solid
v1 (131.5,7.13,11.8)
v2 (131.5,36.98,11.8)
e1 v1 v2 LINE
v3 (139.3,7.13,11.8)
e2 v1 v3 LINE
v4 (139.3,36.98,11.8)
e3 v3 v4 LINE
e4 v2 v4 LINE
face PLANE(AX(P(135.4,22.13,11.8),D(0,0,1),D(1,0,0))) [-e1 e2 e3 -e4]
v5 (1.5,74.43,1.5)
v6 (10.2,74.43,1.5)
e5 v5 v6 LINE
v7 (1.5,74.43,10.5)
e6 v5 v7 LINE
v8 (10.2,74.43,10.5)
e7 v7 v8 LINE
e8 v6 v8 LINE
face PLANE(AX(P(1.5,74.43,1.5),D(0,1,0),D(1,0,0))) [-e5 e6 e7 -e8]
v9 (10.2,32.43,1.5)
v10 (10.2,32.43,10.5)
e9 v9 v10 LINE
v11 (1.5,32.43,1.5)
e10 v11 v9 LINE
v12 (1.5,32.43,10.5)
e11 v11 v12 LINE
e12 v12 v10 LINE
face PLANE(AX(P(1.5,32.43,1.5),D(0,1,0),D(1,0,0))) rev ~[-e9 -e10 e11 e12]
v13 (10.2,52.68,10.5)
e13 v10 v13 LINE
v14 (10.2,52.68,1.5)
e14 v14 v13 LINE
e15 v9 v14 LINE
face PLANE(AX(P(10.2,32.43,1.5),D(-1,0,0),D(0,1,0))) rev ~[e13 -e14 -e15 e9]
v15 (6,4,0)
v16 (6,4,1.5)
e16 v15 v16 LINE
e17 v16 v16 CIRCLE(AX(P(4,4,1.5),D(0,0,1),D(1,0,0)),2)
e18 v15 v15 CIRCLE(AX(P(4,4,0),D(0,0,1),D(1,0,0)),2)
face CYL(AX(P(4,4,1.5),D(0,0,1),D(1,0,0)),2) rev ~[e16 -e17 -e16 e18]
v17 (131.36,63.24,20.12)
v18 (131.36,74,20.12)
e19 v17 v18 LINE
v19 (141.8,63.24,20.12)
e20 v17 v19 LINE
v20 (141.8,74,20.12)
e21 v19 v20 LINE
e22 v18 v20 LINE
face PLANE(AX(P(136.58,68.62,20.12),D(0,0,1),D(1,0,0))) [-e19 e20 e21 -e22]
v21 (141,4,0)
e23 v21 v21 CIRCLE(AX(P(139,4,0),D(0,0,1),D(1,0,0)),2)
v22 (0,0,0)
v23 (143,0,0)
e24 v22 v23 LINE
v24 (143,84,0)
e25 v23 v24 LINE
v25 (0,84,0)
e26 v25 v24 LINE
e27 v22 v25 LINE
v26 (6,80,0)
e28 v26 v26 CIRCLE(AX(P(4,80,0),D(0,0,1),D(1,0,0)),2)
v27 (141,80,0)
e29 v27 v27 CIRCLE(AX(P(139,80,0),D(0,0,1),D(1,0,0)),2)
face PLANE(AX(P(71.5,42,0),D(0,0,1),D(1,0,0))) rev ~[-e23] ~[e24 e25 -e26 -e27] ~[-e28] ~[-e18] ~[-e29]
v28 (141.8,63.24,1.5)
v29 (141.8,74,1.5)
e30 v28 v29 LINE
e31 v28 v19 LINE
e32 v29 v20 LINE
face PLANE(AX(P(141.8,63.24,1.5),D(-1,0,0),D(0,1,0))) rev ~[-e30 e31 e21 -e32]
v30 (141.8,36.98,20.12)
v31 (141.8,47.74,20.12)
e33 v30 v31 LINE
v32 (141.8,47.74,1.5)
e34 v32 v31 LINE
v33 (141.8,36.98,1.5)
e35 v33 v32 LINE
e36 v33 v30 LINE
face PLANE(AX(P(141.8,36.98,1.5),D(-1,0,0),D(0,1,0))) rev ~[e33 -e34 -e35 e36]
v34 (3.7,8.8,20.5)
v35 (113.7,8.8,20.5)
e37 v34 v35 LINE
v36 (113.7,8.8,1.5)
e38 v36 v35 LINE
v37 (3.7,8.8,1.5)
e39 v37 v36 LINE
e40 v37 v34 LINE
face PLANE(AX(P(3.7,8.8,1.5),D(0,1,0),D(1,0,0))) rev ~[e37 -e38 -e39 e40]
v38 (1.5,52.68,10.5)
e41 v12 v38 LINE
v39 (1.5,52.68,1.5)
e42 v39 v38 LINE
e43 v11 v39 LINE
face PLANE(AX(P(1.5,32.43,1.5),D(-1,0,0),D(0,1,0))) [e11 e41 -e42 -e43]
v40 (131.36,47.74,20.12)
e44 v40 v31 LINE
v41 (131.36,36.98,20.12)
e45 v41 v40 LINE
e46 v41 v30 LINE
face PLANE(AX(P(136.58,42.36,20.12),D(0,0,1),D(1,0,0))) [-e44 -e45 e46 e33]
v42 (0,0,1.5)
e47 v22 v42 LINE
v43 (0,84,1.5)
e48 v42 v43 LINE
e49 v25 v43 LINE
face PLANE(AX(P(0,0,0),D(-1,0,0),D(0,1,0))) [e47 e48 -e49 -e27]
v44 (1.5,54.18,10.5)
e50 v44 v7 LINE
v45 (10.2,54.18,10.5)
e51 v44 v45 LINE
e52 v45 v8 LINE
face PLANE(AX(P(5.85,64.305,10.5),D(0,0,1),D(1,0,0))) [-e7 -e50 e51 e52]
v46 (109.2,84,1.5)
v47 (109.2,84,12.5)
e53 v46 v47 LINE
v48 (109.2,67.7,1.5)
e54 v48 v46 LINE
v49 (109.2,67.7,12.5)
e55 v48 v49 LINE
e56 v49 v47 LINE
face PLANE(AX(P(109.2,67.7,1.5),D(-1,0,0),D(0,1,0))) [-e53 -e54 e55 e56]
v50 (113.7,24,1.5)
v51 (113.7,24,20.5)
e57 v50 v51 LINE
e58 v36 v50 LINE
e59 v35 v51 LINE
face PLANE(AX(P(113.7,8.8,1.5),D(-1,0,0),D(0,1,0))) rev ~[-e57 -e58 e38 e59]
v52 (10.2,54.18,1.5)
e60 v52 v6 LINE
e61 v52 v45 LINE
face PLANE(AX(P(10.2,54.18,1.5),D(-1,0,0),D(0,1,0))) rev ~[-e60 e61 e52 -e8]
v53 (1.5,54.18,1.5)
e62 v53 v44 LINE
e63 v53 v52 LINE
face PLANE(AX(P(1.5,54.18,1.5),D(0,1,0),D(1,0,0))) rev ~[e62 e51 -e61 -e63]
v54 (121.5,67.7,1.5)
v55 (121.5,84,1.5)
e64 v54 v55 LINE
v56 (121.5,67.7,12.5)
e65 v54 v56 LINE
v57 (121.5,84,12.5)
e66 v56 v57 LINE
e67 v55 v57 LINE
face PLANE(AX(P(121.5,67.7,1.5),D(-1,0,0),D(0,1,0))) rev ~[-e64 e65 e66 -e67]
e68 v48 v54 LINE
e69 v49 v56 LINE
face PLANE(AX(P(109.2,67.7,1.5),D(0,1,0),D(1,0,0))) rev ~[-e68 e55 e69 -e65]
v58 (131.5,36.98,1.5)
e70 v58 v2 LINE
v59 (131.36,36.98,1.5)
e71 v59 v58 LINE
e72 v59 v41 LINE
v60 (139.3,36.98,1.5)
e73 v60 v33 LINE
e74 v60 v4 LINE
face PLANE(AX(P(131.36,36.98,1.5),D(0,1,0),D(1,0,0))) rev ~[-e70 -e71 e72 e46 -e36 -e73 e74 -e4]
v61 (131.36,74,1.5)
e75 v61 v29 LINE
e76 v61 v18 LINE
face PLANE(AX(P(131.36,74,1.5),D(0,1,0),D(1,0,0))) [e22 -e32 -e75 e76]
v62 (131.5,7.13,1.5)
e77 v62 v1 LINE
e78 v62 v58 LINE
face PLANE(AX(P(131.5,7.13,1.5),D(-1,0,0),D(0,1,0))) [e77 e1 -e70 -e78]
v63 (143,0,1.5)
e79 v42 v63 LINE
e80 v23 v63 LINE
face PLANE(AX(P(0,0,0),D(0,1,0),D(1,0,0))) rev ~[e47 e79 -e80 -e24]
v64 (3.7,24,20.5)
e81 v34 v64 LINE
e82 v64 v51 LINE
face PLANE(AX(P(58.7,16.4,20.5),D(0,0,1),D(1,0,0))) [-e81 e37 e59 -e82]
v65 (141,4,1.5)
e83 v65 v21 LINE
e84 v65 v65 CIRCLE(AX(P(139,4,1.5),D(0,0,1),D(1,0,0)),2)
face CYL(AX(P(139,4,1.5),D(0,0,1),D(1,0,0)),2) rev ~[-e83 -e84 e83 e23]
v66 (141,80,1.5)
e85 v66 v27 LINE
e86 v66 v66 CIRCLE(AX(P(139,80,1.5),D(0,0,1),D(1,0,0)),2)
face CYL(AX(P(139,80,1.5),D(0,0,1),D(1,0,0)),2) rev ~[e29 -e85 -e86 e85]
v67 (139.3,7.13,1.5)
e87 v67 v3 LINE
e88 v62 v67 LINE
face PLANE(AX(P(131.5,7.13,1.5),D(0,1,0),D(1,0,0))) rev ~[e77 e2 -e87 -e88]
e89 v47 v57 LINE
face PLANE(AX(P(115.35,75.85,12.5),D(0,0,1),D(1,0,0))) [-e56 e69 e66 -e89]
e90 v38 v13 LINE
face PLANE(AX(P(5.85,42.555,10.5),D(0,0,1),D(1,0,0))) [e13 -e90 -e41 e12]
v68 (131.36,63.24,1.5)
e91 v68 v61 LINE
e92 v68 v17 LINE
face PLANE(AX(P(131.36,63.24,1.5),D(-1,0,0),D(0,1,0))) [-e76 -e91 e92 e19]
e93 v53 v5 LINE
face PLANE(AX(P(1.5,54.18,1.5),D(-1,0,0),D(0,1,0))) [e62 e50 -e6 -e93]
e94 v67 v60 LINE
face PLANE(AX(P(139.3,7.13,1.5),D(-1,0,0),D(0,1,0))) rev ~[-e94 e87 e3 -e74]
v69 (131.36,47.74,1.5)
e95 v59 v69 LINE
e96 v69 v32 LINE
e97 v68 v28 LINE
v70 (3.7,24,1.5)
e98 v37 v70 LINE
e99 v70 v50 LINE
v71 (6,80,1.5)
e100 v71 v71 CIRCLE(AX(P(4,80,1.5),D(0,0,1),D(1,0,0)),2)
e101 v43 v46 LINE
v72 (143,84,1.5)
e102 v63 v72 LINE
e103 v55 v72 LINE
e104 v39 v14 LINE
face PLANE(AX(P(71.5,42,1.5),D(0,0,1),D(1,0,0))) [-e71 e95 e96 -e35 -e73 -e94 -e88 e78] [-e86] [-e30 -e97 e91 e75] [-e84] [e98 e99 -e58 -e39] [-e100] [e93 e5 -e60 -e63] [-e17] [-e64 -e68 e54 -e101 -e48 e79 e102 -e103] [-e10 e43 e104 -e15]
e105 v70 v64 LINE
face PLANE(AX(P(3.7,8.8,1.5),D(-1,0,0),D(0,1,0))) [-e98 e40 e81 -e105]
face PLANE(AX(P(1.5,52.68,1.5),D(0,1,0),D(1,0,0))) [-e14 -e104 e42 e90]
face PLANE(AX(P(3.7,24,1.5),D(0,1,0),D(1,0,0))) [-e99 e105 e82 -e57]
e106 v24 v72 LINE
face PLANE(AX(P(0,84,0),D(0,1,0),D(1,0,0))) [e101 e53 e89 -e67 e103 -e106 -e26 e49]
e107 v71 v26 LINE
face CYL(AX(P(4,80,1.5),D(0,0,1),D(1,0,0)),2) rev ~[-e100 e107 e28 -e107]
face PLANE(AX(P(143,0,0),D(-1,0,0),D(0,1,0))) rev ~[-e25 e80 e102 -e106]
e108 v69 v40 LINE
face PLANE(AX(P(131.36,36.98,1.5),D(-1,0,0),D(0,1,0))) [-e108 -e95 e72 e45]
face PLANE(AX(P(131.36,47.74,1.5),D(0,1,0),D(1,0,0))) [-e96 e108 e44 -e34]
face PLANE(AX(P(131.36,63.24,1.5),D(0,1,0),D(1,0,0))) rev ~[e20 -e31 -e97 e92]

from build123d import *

# Parameters (mm, degrees)
F0_W      = 143
F0_H      = 84
F1_DEPTH  = 1.5
F2_R      = 2
F3_DEPTH  = 12.5
F4_W      = 10.44
F4_H      = 10.76
F5_DEPTH  = 18.62
F6_W      = 7.8
F6_H      = 30
F7_DEPTH  = 10.3
F8_W      = 8.7
F8_H      = 20.25
F9_DEPTH  = 9
F10_W     = 110
F10_H     = 15.2
F11_DEPTH = 19
F12_W     = 12.3
F12_H     = 16.3
F13_DEPTH = 11


with BuildPart() as f1:
    # F0 (on Top) → F1 (new body)
    with BuildSketch(Plane.XY):
        with Locations((71.5, 42)):
            Rectangle(F0_W, F0_H)
    extrude(amount=F1_DEPTH)

    # F2 (on face) → F3 (cut, symmetric)
    with BuildSketch(Plane.XY.offset(1.5)):
        with Locations((139, 4)):
            Circle(F2_R)
        with Locations((139, 80)):
            Circle(F2_R)
        with Locations((4, 80)):
            Circle(F2_R)
        with Locations((4, 4)):
            Circle(F2_R)
    extrude(amount=F3_DEPTH, both=True, mode=Mode.SUBTRACT)

    # F4 (on face) → F5 (join)
    with BuildSketch(Plane.XY.offset(1.5)):
        with Locations((136.58, 68.62)):
            Rectangle(F4_W, F4_H)
        with Locations((136.58, 42.36)):
            Rectangle(F4_W, F4_H)
    extrude(amount=F5_DEPTH)

    # F6 (on face) → F7 (join)
    with BuildSketch(Plane.XY.offset(1.5)):
        with Locations((135.4, 22.13)):
            Rectangle(F6_W, F6_H)
    extrude(amount=F7_DEPTH)

    # F8 (on face) → F9 (join)
    with BuildSketch(Plane.XY.offset(1.5)):
        with Locations((5.85, 64.305)):
            Rectangle(F8_W, F8_H)
        with Locations((5.85, 42.555)):
            Rectangle(F8_W, F8_H)
    extrude(amount=F9_DEPTH)

    # F10 (on face) → F11 (join)
    with BuildSketch(Plane.XY.offset(1.5)):
        with Locations((58.7, 16.4)):
            Rectangle(F10_W, F10_H)
    extrude(amount=F11_DEPTH)

    # F12 (on face) → F13 (join)
    with BuildSketch(Plane.XY.offset(1.5)):
        with Locations((115.35, 75.85)):
            Rectangle(F12_W, F12_H)
    extrude(amount=F13_DEPTH)


solid = f1.part
